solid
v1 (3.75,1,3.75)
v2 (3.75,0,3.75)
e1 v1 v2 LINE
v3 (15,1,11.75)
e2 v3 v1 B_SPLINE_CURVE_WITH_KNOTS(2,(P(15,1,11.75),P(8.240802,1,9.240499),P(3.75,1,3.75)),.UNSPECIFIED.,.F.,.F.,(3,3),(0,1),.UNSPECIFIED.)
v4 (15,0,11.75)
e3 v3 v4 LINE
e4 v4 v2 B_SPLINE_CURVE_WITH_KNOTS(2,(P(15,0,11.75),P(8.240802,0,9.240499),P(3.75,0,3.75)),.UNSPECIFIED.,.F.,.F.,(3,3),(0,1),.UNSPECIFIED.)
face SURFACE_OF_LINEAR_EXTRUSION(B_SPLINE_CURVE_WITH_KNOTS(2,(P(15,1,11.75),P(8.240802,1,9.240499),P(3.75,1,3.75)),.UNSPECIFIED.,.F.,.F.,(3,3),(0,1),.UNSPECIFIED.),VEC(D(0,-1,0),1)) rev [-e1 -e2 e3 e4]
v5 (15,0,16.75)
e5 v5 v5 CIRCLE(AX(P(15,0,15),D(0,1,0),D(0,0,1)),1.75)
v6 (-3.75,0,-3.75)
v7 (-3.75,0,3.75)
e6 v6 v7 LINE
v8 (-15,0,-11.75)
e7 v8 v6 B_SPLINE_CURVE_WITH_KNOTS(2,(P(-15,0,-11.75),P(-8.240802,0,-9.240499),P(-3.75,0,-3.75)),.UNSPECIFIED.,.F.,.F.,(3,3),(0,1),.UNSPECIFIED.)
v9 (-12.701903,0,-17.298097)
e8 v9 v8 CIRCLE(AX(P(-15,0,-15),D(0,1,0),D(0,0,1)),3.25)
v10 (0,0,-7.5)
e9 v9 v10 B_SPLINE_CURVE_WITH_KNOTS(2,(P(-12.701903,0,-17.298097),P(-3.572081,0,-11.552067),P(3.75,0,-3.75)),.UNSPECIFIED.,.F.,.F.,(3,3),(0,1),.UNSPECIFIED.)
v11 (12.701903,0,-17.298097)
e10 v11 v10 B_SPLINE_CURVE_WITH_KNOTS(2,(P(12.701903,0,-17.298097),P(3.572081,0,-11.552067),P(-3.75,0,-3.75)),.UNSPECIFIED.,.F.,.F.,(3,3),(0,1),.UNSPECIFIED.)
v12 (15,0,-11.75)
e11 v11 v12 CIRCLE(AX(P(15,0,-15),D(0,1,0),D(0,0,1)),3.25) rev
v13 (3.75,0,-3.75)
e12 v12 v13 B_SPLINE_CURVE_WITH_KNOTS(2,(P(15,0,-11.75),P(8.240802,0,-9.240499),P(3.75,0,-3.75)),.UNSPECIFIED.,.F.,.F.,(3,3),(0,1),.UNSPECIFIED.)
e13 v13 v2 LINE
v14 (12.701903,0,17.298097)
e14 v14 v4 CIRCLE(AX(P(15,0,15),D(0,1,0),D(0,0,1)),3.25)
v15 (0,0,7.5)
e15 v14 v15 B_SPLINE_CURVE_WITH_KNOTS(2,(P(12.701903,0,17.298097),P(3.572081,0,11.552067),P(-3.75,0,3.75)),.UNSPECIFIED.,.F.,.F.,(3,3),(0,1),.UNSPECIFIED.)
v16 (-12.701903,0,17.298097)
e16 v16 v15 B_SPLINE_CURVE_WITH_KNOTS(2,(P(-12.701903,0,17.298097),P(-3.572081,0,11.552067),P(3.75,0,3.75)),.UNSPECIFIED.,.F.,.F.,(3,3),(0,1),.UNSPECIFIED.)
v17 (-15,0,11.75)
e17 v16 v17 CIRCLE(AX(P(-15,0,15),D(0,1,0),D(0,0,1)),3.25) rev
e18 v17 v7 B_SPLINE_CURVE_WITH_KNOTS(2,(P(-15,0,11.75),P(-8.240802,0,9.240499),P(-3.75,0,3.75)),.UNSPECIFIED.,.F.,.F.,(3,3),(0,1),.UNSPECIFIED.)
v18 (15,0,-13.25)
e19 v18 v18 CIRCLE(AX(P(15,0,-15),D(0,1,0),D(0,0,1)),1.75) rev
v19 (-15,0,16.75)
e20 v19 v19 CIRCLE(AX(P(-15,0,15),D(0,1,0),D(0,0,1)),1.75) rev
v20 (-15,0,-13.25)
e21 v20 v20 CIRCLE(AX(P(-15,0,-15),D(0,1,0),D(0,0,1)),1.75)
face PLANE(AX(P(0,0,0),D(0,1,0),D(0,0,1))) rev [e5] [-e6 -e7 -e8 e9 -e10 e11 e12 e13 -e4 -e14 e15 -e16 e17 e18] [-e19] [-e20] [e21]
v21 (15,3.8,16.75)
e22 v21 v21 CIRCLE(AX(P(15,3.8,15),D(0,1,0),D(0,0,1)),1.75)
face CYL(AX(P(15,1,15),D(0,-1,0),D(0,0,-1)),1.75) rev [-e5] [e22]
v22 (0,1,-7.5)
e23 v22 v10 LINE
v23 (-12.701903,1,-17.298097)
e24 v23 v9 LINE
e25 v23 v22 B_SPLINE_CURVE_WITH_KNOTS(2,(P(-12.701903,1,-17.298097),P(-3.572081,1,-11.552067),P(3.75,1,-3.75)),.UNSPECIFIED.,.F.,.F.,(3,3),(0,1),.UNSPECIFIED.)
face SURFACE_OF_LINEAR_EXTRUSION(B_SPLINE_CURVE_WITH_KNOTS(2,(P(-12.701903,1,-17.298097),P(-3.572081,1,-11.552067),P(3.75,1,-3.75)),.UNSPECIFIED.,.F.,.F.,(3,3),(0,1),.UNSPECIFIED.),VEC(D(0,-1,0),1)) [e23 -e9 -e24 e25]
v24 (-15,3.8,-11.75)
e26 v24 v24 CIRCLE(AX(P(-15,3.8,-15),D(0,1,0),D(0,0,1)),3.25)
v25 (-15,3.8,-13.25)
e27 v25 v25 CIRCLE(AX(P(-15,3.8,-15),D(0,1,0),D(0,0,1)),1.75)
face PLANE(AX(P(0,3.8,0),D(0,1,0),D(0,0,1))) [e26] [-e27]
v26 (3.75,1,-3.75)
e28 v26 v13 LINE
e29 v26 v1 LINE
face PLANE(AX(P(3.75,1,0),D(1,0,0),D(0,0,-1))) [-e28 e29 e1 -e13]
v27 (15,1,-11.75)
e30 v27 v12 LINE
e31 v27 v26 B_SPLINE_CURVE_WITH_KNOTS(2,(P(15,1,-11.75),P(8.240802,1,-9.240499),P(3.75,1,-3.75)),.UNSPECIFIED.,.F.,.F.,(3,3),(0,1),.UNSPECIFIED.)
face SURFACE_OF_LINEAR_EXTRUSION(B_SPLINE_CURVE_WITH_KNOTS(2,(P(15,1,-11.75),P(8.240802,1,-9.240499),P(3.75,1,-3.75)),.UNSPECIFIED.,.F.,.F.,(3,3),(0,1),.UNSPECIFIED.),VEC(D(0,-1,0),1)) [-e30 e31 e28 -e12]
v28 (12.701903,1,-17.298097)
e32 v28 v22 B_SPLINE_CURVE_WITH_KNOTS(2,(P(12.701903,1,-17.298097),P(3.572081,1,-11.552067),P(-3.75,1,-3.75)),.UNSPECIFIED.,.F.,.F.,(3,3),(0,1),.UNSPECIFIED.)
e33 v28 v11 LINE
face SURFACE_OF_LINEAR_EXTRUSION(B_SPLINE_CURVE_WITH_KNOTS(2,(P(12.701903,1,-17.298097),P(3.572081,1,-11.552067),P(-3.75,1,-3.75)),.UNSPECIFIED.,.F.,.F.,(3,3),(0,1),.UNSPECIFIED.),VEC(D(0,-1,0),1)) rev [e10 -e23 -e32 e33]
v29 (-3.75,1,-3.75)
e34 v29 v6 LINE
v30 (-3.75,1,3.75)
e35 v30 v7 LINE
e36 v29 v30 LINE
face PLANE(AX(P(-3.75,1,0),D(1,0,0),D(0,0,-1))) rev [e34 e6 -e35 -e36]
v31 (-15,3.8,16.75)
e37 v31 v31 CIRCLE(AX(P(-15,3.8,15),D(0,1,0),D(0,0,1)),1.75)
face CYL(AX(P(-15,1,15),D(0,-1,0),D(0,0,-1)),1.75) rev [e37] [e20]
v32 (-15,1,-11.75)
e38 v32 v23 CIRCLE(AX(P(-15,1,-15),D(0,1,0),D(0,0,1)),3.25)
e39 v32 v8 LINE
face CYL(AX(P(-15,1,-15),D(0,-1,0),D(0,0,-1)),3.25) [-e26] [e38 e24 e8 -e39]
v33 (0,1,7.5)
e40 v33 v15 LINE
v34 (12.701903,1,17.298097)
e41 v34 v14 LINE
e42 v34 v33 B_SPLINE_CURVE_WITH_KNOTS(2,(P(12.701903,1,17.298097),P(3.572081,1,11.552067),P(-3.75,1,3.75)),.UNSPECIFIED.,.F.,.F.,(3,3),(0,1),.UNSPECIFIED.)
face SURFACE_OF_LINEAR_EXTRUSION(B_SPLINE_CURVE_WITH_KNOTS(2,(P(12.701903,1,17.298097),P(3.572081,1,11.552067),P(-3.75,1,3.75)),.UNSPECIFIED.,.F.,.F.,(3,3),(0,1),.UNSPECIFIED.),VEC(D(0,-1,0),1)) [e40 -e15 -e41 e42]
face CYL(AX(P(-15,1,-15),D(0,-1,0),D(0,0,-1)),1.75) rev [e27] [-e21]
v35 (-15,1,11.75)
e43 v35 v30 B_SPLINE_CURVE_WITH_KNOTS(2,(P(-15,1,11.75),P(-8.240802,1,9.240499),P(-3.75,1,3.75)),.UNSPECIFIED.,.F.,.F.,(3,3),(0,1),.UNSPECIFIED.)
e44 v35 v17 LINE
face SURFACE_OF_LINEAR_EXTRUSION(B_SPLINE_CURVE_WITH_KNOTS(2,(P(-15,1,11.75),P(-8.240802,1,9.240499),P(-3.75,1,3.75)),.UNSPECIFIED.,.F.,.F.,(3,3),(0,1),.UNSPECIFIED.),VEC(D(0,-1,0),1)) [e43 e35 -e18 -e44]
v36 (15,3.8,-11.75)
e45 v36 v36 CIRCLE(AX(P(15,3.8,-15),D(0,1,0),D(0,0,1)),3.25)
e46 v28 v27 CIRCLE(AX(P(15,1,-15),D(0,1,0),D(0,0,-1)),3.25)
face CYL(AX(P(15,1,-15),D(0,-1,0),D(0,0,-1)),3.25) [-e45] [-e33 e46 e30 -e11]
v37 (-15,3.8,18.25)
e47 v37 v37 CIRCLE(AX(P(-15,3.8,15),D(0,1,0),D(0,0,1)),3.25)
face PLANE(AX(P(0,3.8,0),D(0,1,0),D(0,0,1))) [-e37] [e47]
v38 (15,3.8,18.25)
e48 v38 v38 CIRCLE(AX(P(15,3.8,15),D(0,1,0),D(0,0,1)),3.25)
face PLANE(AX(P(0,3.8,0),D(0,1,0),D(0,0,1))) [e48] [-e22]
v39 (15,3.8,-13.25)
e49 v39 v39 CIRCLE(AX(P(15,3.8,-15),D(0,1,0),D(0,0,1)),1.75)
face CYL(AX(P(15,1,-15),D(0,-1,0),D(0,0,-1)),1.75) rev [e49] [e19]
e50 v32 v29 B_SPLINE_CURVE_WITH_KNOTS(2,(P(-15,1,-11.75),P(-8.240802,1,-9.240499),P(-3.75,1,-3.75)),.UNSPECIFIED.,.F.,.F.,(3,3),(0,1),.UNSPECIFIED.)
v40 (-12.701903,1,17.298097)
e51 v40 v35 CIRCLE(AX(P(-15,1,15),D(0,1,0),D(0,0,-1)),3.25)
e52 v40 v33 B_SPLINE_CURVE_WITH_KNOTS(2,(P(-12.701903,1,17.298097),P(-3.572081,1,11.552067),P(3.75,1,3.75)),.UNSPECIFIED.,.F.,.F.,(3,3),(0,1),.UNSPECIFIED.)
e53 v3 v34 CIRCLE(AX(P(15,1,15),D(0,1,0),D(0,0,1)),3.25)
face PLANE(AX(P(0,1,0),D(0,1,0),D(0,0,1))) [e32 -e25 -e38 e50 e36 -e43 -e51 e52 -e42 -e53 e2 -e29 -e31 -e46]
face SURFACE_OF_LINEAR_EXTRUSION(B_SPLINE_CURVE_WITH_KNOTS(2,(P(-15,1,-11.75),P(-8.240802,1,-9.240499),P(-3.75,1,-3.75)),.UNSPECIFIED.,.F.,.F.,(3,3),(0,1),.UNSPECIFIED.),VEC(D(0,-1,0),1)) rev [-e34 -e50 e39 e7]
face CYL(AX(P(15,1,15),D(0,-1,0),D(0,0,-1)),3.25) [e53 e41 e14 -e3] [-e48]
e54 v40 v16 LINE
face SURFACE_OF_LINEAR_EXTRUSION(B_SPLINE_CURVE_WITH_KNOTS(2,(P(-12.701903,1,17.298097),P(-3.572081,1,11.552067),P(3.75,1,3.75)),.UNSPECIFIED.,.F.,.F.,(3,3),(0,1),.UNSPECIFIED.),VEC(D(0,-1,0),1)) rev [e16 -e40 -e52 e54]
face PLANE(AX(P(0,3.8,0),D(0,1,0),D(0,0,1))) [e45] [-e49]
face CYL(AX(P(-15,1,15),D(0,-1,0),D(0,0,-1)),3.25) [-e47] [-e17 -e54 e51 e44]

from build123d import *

# Parameters (mm, degrees)
SKETCH1_R           = 3.25
SKETCH1_R_2         = 1.75
SKETCH1_W           = 7.5
SKETCH1_H           = 7.5
BOSS_EXTRUDE1_DEPTH = 1
SKETCH2_R           = 3.25
SKETCH2_R_2         = 1.75
BOSS_EXTRUDE2_DEPTH = 2.8


with BuildPart() as part:
    # Sketch1 → Boss-Extrude1 (new body)
    # profile 1 of 11: a face of its own
    with BuildSketch(Plane(origin=(0, 0, 0), x_dir=(1, 0, 0), z_dir=(0, 1, 0))):
        with Locations((-15, -15)):
            Circle(SKETCH1_R)
        with Locations(Location((-15, -15, 0), (0, 0, 270))):
            Circle(SKETCH1_R_2, mode=Mode.SUBTRACT)
    # profile 2 of 11: a face of its own
    with BuildSketch(Plane(origin=(0, 0, 0), x_dir=(1, 0, 0), z_dir=(0, 1, 0))):
        with BuildLine():
            add(Edge.make_bspline(
                [(0, -7.5), (-1.930795648, -5.688459272), (-3.75, -3.75)],
                knots=[0.751545437, 0.751545437, 0.751545437, 1, 1, 1], degree=2))
            add(Edge.make_bspline(
                [(-15, -11.75), (-8.240801632, -9.240499337), (-3.75, -3.75)],
                knots=[0, 0, 0, 1, 1, 1], degree=2))
            ThreePointArc((-15, -11.75), (-12.701902961, -12.701902961), (-11.75, -15))
            ThreePointArc((-11.75, -15), (-11.997391519, -16.243721155), (-12.701902961, -17.298097039))
            add(Edge.make_bspline(
                [(-12.701902961, -17.298097039), (-5.840426668, -12.979694751), (0, -7.5)],
                knots=[0, 0, 0, 0.751545437, 0.751545437, 0.751545437], degree=2))
        make_face()
    # profile 3 of 11: a face of its own
    with BuildSketch(Plane(origin=(0, 0, 0), x_dir=(1, 0, 0), z_dir=(0, 1, 0))):
        with BuildLine():
            add(Edge.make_bspline(
                [(0, -7.5), (1.930795648, -5.688459272), (3.75, -3.75)],
                knots=[0.751545437, 0.751545437, 0.751545437, 1, 1, 1], degree=2))
            Line((3.75, -3.75), (-3.75, -3.75))
            add(Edge.make_bspline(
                [(0, -7.5), (-1.930795648, -5.688459272), (-3.75, -3.75)],
                knots=[0.751545437, 0.751545437, 0.751545437, 1, 1, 1], degree=2))
        make_face()
    # profile 4 of 11: a face of its own
    with BuildSketch(Plane(origin=(0, 0, 0), x_dir=(1, 0, 0), z_dir=(0, 1, 0))):
        Rectangle(SKETCH1_W, SKETCH1_H)
    # profile 5 of 11: a face of its own
    with BuildSketch(Plane(origin=(0, 0, 0), x_dir=(1, 0, 0), z_dir=(0, 1, 0))):
        with BuildLine():
            add(Edge.make_bspline(
                [(15, -11.75), (8.240801632, -9.240499337), (3.75, -3.75)],
                knots=[0, 0, 0, 1, 1, 1], degree=2))
            add(Edge.make_bspline(
                [(0, -7.5), (1.930795648, -5.688459272), (3.75, -3.75)],
                knots=[0.751545437, 0.751545437, 0.751545437, 1, 1, 1], degree=2))
            add(Edge.make_bspline(
                [(12.701902961, -17.298097039), (5.840426668, -12.979694751), (0, -7.5)],
                knots=[0, 0, 0, 0.751545437, 0.751545437, 0.751545437], degree=2))
            ThreePointArc((12.701902961, -17.298097039), (11.997391519, -13.756278845), (15, -11.75))
        make_face()
    # profile 6 of 11: a face of its own
    with BuildSketch(Plane(origin=(0, 0, 0), x_dir=(1, 0, 0), z_dir=(0, 1, 0))):
        with Locations((15, -15)):
            Circle(SKETCH1_R)
        with Locations(Location((15, -15, 0), (0, 0, 270))):
            Circle(SKETCH1_R_2, mode=Mode.SUBTRACT)
    # profile 7 of 11: a face of its own
    with BuildSketch(Plane(origin=(0, 0, 0), x_dir=(1, 0, 0), z_dir=(0, 1, 0))):
        with BuildLine():
            add(Edge.make_bspline(
                [(0, 7.5), (1.930795648, 5.688459272), (3.75, 3.75)],
                knots=[0.751545437, 0.751545437, 0.751545437, 1, 1, 1], degree=2))
            add(Edge.make_bspline(
                [(15, 11.75), (8.240801632, 9.240499337), (3.75, 3.75)],
                knots=[0, 0, 0, 1, 1, 1], degree=2))
            ThreePointArc((15, 11.75), (11.997391519, 13.756278845), (12.701902961, 17.298097039))
            add(Edge.make_bspline(
                [(12.701902961, 17.298097039), (5.840426668, 12.979694751), (0, 7.5)],
                knots=[0, 0, 0, 0.751545437, 0.751545437, 0.751545437], degree=2))
        make_face()
    # profile 8 of 11: a face of its own
    with BuildSketch(Plane(origin=(0, 0, 0), x_dir=(1, 0, 0), z_dir=(0, 1, 0))):
        with Locations((15, 15)):
            Circle(SKETCH1_R)
        with Locations(Location((15, 15, 0), (0, 0, 270))):
            Circle(SKETCH1_R_2, mode=Mode.SUBTRACT)
    # profile 9 of 11: a face of its own
    with BuildSketch(Plane(origin=(0, 0, 0), x_dir=(1, 0, 0), z_dir=(0, 1, 0))):
        with BuildLine():
            Line((-3.75, 3.75), (3.75, 3.75))
            add(Edge.make_bspline(
                [(0, 7.5), (1.930795648, 5.688459272), (3.75, 3.75)],
                knots=[0.751545437, 0.751545437, 0.751545437, 1, 1, 1], degree=2))
            add(Edge.make_bspline(
                [(0, 7.5), (-1.930795648, 5.688459272), (-3.75, 3.75)],
                knots=[0.751545437, 0.751545437, 0.751545437, 1, 1, 1], degree=2))
        make_face()
    # profile 10 of 11: a face of its own
    with BuildSketch(Plane(origin=(0, 0, 0), x_dir=(1, 0, 0), z_dir=(0, 1, 0))):
        with BuildLine():
            add(Edge.make_bspline(
                [(-15, 11.75), (-8.240801632, 9.240499337), (-3.75, 3.75)],
                knots=[0, 0, 0, 1, 1, 1], degree=2))
            add(Edge.make_bspline(
                [(0, 7.5), (-1.930795648, 5.688459272), (-3.75, 3.75)],
                knots=[0.751545437, 0.751545437, 0.751545437, 1, 1, 1], degree=2))
            add(Edge.make_bspline(
                [(-12.701902961, 17.298097039), (-5.840426668, 12.979694751), (0, 7.5)],
                knots=[0, 0, 0, 0.751545437, 0.751545437, 0.751545437], degree=2))
            ThreePointArc((-12.701902961, 17.298097039), (-11.997391519, 16.243721155), (-11.75, 15))
            ThreePointArc((-11.75, 15), (-12.701902961, 12.701902961), (-15, 11.75))
        make_face()
    # profile 11 of 11: a face of its own
    with BuildSketch(Plane(origin=(0, 0, 0), x_dir=(1, 0, 0), z_dir=(0, 1, 0))):
        with Locations((-15, 15)):
            Circle(SKETCH1_R)
        with Locations(Location((-15, 15, 0), (0, 0, 270))):
            Circle(SKETCH1_R_2, mode=Mode.SUBTRACT)
    extrude(amount=BOSS_EXTRUDE1_DEPTH)

    # Sketch2 → Boss-Extrude2 (add)
    # profile 1 of 4: a face of its own
    with BuildSketch(Plane(origin=(0, 1, 0), x_dir=(1, 0, 0), z_dir=(0, 1, 0))):
        with Locations(Location((-15, 15, 0), (0, 0, 270))):
            Circle(SKETCH2_R)
        with Locations(Location((-15, 15, 0), (0, 0, 270))):
            Circle(SKETCH2_R_2, mode=Mode.SUBTRACT)
    # profile 2 of 4: a face of its own
    with BuildSketch(Plane(origin=(0, 1, 0), x_dir=(1, 0, 0), z_dir=(0, 1, 0))):
        with Locations(Location((15, 15, 0), (0, 0, 270))):
            Circle(SKETCH2_R)
        with Locations(Location((15, 15, 0), (0, 0, 270))):
            Circle(SKETCH2_R_2, mode=Mode.SUBTRACT)
    # profile 3 of 4: a face of its own
    with BuildSketch(Plane(origin=(0, 1, 0), x_dir=(1, 0, 0), z_dir=(0, 1, 0))):
        with Locations(Location((15, -15, 0), (0, 0, 90))):
            Circle(SKETCH2_R)
        with Locations(Location((15, -15, 0), (0, 0, 270))):
            Circle(SKETCH2_R_2, mode=Mode.SUBTRACT)
    # profile 4 of 4: a face of its own
    with BuildSketch(Plane(origin=(0, 1, 0), x_dir=(1, 0, 0), z_dir=(0, 1, 0))):
        with Locations(Location((-15, -15, 0), (0, 0, 90))):
            Circle(SKETCH2_R)
        with Locations(Location((-15, -15, 0), (0, 0, 270))):
            Circle(SKETCH2_R_2, mode=Mode.SUBTRACT)
    extrude(amount=BOSS_EXTRUDE2_DEPTH)


solid = part.part
